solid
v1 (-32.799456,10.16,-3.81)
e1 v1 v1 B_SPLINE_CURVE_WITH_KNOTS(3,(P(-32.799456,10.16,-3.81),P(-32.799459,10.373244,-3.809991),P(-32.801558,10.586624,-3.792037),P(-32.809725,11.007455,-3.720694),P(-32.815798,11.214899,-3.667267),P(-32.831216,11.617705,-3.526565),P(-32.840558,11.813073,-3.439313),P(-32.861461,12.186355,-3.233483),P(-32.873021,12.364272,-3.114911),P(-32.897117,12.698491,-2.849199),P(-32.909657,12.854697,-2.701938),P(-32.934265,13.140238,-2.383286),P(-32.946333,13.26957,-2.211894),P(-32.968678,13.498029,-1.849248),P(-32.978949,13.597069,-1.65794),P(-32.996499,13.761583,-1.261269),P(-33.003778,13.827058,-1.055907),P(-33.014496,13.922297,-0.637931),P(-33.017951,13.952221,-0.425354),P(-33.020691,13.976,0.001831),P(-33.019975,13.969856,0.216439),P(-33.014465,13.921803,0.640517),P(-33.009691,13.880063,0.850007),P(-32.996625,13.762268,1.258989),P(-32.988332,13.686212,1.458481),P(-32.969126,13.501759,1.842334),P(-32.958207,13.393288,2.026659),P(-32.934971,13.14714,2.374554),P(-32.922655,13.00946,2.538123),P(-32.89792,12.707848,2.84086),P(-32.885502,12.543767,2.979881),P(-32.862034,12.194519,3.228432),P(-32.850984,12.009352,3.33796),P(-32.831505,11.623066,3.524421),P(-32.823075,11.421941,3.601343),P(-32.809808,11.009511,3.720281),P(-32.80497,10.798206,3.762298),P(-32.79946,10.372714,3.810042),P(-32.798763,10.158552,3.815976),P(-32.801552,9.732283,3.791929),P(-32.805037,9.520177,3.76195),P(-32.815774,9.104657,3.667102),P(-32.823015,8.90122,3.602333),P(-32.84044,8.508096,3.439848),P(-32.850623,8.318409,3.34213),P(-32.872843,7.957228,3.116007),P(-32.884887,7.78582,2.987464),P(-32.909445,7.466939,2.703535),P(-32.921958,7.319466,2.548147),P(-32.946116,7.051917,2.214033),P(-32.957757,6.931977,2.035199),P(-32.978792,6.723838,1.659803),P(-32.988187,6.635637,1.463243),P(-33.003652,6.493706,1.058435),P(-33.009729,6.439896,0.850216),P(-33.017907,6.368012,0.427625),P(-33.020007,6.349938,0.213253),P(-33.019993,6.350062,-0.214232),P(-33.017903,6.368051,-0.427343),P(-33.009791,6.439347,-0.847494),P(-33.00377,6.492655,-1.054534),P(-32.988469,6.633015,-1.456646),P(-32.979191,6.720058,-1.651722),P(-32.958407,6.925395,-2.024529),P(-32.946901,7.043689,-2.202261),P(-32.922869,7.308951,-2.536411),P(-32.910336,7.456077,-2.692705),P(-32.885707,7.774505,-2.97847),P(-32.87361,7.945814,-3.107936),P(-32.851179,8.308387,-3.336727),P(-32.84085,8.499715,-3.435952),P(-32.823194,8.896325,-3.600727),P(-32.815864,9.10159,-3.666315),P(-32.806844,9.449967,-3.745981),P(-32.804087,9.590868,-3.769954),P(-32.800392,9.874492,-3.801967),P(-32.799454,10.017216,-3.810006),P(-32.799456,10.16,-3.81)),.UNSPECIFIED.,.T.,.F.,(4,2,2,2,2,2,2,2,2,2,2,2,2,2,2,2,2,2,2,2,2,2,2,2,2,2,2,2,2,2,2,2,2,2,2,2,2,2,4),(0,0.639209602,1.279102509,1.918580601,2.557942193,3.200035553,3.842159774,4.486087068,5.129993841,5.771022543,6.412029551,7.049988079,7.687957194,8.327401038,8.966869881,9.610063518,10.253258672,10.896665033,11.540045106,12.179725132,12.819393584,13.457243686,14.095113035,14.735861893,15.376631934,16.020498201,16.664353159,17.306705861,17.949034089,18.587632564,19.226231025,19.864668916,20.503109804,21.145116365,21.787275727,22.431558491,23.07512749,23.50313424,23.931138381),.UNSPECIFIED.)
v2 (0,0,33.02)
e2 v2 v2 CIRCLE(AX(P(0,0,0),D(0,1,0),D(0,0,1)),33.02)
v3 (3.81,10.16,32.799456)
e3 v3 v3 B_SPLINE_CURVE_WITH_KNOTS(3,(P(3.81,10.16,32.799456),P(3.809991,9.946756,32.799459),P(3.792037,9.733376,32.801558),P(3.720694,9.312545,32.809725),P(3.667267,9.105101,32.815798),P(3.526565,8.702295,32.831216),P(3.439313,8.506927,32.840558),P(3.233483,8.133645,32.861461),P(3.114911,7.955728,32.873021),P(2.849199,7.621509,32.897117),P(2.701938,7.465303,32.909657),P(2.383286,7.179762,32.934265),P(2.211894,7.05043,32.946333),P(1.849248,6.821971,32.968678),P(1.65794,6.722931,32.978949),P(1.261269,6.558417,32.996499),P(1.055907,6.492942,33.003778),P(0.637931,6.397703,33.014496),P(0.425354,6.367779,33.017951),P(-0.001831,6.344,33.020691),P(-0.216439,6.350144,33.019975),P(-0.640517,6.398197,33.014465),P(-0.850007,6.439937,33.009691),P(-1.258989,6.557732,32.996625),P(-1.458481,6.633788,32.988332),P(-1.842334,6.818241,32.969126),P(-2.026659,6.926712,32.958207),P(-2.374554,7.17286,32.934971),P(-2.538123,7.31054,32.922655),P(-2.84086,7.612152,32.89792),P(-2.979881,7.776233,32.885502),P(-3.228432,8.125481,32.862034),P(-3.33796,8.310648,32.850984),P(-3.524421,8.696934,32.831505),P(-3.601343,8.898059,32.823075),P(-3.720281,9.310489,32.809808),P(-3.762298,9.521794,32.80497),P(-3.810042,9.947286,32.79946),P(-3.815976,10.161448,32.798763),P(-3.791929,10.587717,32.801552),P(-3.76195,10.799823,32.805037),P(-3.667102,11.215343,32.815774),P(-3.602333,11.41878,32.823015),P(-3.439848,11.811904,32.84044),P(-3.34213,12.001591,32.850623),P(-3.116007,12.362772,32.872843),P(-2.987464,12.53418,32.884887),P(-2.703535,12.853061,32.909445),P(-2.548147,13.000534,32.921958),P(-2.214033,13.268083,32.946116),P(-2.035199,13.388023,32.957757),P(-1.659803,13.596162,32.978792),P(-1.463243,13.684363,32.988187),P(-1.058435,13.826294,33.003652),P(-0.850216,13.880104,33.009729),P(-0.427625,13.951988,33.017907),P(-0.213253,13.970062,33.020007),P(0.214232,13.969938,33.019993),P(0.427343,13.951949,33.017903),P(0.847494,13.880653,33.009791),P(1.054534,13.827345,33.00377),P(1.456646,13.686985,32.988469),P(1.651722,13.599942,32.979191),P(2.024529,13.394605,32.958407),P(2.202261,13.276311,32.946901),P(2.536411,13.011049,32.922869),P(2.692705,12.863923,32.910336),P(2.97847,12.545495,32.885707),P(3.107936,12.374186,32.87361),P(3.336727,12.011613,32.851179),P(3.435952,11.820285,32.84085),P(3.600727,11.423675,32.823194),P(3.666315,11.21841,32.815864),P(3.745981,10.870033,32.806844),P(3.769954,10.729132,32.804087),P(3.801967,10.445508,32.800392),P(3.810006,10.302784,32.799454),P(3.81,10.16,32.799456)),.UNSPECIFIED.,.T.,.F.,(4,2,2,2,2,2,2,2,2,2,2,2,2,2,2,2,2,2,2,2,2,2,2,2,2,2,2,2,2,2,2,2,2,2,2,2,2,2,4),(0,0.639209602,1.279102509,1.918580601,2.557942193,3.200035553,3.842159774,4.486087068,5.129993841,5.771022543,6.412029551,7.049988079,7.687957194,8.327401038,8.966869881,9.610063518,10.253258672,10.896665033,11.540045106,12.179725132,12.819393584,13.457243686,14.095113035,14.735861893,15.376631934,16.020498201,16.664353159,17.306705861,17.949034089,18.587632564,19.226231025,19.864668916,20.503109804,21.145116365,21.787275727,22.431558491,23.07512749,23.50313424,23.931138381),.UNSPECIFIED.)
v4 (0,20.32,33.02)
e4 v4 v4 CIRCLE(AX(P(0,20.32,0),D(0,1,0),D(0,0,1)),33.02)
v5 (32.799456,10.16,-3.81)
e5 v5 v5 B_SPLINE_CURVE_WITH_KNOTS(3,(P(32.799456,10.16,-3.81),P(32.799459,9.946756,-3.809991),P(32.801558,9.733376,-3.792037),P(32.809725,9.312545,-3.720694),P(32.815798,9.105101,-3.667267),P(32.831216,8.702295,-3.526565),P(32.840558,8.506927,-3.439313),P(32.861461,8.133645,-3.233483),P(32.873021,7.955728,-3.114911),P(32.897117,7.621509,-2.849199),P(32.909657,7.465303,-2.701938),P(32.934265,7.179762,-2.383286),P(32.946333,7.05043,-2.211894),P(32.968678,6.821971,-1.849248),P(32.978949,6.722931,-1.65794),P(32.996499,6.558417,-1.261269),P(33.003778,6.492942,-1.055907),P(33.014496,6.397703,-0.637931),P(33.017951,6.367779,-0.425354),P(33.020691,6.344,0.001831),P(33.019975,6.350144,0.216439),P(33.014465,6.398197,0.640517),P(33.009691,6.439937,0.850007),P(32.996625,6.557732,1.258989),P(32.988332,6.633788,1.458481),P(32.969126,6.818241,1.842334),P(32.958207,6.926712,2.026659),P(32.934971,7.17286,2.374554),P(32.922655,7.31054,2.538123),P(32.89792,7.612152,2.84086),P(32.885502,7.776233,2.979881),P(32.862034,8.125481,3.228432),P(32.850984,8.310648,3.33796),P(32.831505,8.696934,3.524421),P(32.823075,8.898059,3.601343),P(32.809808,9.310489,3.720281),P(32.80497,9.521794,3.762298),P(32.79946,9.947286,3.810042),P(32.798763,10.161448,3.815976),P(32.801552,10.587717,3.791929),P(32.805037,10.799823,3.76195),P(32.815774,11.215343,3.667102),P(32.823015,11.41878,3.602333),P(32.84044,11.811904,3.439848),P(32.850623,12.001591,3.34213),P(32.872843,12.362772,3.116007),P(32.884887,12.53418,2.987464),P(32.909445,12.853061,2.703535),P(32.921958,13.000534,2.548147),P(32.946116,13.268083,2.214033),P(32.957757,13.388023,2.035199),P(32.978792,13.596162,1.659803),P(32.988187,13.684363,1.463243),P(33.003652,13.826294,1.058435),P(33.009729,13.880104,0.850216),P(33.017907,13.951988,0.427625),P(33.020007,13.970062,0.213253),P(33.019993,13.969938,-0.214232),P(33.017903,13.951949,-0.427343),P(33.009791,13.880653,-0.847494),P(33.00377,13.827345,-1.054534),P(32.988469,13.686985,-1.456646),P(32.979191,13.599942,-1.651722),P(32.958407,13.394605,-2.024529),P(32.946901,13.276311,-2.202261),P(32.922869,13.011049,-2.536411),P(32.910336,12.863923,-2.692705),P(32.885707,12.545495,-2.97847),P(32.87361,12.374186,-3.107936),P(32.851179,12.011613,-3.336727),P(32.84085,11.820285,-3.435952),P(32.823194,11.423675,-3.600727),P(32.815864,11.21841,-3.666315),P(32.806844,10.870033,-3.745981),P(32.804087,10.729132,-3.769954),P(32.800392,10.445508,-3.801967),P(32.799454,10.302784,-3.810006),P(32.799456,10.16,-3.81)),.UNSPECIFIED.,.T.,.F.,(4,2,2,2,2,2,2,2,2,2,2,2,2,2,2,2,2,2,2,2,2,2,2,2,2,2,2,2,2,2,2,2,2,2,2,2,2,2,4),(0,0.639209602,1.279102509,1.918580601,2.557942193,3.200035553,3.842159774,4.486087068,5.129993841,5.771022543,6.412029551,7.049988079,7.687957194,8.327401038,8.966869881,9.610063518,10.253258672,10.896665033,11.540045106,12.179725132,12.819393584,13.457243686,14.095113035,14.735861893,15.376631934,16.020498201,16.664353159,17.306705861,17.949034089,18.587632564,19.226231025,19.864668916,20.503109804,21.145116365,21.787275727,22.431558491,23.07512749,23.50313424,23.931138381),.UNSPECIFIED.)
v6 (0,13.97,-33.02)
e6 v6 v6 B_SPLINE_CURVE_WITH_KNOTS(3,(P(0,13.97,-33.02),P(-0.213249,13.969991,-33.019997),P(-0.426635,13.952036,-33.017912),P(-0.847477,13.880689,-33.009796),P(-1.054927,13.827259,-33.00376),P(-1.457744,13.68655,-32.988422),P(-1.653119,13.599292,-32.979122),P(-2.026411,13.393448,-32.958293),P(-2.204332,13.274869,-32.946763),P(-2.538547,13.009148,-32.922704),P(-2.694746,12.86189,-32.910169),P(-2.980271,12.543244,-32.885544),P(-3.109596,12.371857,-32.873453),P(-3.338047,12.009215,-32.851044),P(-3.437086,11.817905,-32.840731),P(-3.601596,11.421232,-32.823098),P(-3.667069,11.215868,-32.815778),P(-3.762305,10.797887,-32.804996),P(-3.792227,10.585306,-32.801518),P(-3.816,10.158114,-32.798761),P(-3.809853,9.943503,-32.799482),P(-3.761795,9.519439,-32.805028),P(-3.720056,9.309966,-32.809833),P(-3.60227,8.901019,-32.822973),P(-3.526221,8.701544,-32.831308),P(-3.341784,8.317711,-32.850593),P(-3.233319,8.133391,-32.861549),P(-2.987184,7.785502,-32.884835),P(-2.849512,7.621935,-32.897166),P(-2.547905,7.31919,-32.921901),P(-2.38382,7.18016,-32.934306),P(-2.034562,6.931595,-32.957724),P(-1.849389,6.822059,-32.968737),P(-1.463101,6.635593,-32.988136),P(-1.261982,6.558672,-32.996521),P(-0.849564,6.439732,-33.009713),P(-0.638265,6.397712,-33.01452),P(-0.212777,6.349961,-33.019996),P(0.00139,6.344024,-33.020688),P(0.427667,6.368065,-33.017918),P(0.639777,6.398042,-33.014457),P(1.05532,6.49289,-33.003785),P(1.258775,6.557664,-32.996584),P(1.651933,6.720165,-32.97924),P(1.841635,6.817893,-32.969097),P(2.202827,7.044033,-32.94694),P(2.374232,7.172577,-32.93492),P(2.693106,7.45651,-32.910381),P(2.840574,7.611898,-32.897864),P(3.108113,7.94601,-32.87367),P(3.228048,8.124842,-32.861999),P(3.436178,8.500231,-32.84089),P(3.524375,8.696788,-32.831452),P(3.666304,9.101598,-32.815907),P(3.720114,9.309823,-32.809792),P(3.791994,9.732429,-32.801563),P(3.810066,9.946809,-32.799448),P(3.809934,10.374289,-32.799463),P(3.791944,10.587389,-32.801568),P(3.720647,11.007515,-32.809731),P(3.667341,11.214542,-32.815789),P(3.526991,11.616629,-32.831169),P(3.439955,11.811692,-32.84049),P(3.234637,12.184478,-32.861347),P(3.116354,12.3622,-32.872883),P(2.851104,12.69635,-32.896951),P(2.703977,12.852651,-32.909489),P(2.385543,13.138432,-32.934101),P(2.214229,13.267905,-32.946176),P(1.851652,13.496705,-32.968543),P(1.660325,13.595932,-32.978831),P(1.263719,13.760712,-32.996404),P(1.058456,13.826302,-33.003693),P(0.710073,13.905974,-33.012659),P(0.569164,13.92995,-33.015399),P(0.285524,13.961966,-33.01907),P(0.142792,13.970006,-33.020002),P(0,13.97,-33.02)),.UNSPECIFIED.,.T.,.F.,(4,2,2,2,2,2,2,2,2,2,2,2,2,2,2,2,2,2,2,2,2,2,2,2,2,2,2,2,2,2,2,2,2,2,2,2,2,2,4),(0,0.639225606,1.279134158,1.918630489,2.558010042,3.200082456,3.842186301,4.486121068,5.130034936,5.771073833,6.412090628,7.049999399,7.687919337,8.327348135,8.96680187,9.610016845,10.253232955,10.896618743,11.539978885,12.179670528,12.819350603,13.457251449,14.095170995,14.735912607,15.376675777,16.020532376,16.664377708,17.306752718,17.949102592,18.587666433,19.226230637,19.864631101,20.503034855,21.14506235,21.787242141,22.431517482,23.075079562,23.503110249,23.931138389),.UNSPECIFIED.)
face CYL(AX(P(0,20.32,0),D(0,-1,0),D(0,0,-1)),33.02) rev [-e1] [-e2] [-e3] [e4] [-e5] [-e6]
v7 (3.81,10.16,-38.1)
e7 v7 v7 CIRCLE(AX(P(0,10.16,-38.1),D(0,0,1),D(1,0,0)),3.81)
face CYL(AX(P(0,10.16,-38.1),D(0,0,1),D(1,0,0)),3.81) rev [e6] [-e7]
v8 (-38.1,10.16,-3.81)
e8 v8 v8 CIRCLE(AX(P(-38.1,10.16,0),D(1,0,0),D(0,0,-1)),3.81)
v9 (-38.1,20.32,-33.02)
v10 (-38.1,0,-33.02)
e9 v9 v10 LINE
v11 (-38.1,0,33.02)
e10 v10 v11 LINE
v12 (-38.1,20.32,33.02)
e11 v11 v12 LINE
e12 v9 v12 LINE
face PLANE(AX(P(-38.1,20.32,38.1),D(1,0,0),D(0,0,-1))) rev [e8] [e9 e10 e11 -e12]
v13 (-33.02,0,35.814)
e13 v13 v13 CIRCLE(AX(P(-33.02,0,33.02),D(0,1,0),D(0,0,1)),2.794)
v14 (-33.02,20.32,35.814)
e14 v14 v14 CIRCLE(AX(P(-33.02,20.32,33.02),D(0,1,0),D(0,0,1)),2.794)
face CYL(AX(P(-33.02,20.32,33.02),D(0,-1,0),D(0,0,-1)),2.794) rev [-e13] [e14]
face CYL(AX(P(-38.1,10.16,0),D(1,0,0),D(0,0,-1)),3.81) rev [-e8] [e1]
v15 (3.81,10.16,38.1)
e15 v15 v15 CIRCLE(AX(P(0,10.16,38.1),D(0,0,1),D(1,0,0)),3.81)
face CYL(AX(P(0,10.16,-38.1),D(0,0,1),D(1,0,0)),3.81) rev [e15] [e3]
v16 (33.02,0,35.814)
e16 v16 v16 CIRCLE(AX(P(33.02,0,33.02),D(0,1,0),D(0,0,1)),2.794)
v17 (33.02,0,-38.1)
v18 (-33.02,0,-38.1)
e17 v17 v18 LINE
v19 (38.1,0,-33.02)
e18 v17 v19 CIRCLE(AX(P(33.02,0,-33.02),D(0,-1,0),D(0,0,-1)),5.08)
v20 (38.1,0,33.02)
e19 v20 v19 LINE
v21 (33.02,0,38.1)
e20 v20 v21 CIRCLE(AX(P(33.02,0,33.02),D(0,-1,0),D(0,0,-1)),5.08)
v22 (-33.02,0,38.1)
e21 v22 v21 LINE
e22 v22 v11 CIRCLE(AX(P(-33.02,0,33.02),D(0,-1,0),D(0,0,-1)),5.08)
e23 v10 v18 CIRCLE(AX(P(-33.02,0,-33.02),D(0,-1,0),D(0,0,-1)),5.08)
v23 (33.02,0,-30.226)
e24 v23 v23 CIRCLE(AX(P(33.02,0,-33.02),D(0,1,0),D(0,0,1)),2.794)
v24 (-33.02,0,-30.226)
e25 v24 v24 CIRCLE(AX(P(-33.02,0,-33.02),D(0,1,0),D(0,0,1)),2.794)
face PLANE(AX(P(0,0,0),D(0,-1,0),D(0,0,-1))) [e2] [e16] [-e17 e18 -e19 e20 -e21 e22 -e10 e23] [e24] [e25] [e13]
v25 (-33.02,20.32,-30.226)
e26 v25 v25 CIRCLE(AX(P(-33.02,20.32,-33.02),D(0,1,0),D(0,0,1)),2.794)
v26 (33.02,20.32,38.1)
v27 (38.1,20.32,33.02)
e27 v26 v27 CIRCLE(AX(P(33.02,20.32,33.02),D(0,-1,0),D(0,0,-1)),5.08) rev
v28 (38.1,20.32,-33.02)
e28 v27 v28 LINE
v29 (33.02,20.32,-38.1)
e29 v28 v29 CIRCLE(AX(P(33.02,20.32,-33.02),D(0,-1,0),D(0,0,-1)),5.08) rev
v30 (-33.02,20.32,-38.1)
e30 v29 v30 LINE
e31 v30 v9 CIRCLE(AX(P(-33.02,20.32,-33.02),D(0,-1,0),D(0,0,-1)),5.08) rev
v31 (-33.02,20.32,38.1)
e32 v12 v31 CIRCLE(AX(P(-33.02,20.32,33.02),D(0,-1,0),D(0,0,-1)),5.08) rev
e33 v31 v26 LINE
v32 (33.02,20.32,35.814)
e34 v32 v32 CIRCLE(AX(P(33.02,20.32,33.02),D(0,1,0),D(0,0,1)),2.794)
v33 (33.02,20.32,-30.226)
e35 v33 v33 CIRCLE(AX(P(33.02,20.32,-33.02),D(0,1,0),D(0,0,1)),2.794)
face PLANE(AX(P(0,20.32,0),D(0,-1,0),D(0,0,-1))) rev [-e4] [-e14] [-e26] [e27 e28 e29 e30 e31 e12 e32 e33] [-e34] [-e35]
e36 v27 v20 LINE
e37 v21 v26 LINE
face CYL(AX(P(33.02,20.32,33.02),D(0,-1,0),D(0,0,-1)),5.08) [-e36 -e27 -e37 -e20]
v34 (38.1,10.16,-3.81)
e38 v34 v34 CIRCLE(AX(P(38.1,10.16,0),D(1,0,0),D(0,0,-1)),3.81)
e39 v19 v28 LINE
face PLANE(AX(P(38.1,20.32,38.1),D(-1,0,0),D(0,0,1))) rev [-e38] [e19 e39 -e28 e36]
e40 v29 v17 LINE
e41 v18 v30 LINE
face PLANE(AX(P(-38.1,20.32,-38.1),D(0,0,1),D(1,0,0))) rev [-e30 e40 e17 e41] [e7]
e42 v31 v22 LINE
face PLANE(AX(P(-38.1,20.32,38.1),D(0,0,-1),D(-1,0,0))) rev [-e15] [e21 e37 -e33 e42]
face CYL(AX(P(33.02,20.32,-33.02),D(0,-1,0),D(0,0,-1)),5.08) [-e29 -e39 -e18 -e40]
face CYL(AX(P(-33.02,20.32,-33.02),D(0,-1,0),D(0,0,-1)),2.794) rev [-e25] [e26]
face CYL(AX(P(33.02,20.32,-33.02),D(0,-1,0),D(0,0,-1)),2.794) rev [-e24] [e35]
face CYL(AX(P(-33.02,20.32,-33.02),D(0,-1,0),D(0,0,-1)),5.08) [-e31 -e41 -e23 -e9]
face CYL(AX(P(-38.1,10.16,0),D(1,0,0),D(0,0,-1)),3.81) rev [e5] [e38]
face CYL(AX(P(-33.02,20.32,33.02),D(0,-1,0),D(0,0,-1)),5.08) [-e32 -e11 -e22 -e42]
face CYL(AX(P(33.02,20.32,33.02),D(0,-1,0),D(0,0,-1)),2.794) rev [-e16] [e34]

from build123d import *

# Parameters (mm, degrees)
SKETCH1_W           = 76.2
SKETCH1_H           = 76.2
SKETCH1_R           = 2.794
SKETCH1_R_2         = 33.02
BOSS_EXTRUDE1_DEPTH = 20.32
FILLET1_R           = 5.08
CUT_EXTRUDE1_DEPTH  = 88.58397342
CUT_EXTRUDE2_DEPTH  = 88.583973487


with BuildPart() as part:
    # Sketch1 → Boss-Extrude1 (new body)
    with BuildSketch(Plane(origin=(0, 0, 0), x_dir=(1, 0, 0), z_dir=(0, 1, 0))):
        Rectangle(SKETCH1_W, SKETCH1_H)
        with Locations(Location((33.02, 33.02, 0), (0, 0, 270))):
            Circle(SKETCH1_R, mode=Mode.SUBTRACT)
        with Locations(Location((33.02, -33.02, 0), (0, 0, 270))):
            Circle(SKETCH1_R, mode=Mode.SUBTRACT)
        with Locations(Location((-33.02, -33.02, 0), (0, 0, 270))):
            Circle(SKETCH1_R, mode=Mode.SUBTRACT)
        with Locations(Location((-33.02, 33.02, 0), (0, 0, 270))):
            Circle(SKETCH1_R, mode=Mode.SUBTRACT)
        with Locations(Location((0, 0, 0), (0, 0, 270))):
            Circle(SKETCH1_R_2, mode=Mode.SUBTRACT)
    extrude(amount=BOSS_EXTRUDE1_DEPTH)

    # Fillet1
    fillet1_edges = [part.edges().sort_by_distance(p)[0] for p in [
        (38.1, 10.16, 38.1),
        (-38.1, 10.16, 38.1),
        (-38.1, 10.16, -38.1),
        (38.1, 10.16, -38.1),
    ]]
    fillet(fillet1_edges, radius=FILLET1_R)

    # Sketch2 → Cut-Extrude1 (cut, through all)
    with BuildSketch(Plane.XY.offset(38.1)):
        with BuildLine():
            ThreePointArc((3.81, 10.16), (2.694076836, 12.854076836), (0, 13.97))
            Line((0, 13.97), (0, 6.35))
            ThreePointArc((0, 6.35), (2.694076836, 7.465923164), (3.81, 10.16))
        make_face()
        with BuildLine():
            Line((0, 6.35), (0, 13.97))
            ThreePointArc((0, 13.97), (-3.81, 10.16), (0, 6.35))
        make_face()
    extrude(amount=-CUT_EXTRUDE1_DEPTH, mode=Mode.SUBTRACT)

    # Sketch3 → Cut-Extrude2 (cut, through all)
    with BuildSketch(Plane(origin=(38.1, 0, 0), x_dir=(0, 0, -1), z_dir=(1, 0, 0))):
        with BuildLine():
            ThreePointArc((0, 13.97), (-3.81, 10.16), (0, 6.35))
            Line((0, 6.35), (0, 13.97))
        make_face()
        with BuildLine():
            Line((0, 13.97), (0, 6.35))
            ThreePointArc((0, 6.35), (2.694076836, 7.465923164), (3.81, 10.16))
            ThreePointArc((3.81, 10.16), (2.694076836, 12.854076836), (0, 13.97))
        make_face()
    extrude(amount=-CUT_EXTRUDE2_DEPTH, mode=Mode.SUBTRACT)


solid = part.part
